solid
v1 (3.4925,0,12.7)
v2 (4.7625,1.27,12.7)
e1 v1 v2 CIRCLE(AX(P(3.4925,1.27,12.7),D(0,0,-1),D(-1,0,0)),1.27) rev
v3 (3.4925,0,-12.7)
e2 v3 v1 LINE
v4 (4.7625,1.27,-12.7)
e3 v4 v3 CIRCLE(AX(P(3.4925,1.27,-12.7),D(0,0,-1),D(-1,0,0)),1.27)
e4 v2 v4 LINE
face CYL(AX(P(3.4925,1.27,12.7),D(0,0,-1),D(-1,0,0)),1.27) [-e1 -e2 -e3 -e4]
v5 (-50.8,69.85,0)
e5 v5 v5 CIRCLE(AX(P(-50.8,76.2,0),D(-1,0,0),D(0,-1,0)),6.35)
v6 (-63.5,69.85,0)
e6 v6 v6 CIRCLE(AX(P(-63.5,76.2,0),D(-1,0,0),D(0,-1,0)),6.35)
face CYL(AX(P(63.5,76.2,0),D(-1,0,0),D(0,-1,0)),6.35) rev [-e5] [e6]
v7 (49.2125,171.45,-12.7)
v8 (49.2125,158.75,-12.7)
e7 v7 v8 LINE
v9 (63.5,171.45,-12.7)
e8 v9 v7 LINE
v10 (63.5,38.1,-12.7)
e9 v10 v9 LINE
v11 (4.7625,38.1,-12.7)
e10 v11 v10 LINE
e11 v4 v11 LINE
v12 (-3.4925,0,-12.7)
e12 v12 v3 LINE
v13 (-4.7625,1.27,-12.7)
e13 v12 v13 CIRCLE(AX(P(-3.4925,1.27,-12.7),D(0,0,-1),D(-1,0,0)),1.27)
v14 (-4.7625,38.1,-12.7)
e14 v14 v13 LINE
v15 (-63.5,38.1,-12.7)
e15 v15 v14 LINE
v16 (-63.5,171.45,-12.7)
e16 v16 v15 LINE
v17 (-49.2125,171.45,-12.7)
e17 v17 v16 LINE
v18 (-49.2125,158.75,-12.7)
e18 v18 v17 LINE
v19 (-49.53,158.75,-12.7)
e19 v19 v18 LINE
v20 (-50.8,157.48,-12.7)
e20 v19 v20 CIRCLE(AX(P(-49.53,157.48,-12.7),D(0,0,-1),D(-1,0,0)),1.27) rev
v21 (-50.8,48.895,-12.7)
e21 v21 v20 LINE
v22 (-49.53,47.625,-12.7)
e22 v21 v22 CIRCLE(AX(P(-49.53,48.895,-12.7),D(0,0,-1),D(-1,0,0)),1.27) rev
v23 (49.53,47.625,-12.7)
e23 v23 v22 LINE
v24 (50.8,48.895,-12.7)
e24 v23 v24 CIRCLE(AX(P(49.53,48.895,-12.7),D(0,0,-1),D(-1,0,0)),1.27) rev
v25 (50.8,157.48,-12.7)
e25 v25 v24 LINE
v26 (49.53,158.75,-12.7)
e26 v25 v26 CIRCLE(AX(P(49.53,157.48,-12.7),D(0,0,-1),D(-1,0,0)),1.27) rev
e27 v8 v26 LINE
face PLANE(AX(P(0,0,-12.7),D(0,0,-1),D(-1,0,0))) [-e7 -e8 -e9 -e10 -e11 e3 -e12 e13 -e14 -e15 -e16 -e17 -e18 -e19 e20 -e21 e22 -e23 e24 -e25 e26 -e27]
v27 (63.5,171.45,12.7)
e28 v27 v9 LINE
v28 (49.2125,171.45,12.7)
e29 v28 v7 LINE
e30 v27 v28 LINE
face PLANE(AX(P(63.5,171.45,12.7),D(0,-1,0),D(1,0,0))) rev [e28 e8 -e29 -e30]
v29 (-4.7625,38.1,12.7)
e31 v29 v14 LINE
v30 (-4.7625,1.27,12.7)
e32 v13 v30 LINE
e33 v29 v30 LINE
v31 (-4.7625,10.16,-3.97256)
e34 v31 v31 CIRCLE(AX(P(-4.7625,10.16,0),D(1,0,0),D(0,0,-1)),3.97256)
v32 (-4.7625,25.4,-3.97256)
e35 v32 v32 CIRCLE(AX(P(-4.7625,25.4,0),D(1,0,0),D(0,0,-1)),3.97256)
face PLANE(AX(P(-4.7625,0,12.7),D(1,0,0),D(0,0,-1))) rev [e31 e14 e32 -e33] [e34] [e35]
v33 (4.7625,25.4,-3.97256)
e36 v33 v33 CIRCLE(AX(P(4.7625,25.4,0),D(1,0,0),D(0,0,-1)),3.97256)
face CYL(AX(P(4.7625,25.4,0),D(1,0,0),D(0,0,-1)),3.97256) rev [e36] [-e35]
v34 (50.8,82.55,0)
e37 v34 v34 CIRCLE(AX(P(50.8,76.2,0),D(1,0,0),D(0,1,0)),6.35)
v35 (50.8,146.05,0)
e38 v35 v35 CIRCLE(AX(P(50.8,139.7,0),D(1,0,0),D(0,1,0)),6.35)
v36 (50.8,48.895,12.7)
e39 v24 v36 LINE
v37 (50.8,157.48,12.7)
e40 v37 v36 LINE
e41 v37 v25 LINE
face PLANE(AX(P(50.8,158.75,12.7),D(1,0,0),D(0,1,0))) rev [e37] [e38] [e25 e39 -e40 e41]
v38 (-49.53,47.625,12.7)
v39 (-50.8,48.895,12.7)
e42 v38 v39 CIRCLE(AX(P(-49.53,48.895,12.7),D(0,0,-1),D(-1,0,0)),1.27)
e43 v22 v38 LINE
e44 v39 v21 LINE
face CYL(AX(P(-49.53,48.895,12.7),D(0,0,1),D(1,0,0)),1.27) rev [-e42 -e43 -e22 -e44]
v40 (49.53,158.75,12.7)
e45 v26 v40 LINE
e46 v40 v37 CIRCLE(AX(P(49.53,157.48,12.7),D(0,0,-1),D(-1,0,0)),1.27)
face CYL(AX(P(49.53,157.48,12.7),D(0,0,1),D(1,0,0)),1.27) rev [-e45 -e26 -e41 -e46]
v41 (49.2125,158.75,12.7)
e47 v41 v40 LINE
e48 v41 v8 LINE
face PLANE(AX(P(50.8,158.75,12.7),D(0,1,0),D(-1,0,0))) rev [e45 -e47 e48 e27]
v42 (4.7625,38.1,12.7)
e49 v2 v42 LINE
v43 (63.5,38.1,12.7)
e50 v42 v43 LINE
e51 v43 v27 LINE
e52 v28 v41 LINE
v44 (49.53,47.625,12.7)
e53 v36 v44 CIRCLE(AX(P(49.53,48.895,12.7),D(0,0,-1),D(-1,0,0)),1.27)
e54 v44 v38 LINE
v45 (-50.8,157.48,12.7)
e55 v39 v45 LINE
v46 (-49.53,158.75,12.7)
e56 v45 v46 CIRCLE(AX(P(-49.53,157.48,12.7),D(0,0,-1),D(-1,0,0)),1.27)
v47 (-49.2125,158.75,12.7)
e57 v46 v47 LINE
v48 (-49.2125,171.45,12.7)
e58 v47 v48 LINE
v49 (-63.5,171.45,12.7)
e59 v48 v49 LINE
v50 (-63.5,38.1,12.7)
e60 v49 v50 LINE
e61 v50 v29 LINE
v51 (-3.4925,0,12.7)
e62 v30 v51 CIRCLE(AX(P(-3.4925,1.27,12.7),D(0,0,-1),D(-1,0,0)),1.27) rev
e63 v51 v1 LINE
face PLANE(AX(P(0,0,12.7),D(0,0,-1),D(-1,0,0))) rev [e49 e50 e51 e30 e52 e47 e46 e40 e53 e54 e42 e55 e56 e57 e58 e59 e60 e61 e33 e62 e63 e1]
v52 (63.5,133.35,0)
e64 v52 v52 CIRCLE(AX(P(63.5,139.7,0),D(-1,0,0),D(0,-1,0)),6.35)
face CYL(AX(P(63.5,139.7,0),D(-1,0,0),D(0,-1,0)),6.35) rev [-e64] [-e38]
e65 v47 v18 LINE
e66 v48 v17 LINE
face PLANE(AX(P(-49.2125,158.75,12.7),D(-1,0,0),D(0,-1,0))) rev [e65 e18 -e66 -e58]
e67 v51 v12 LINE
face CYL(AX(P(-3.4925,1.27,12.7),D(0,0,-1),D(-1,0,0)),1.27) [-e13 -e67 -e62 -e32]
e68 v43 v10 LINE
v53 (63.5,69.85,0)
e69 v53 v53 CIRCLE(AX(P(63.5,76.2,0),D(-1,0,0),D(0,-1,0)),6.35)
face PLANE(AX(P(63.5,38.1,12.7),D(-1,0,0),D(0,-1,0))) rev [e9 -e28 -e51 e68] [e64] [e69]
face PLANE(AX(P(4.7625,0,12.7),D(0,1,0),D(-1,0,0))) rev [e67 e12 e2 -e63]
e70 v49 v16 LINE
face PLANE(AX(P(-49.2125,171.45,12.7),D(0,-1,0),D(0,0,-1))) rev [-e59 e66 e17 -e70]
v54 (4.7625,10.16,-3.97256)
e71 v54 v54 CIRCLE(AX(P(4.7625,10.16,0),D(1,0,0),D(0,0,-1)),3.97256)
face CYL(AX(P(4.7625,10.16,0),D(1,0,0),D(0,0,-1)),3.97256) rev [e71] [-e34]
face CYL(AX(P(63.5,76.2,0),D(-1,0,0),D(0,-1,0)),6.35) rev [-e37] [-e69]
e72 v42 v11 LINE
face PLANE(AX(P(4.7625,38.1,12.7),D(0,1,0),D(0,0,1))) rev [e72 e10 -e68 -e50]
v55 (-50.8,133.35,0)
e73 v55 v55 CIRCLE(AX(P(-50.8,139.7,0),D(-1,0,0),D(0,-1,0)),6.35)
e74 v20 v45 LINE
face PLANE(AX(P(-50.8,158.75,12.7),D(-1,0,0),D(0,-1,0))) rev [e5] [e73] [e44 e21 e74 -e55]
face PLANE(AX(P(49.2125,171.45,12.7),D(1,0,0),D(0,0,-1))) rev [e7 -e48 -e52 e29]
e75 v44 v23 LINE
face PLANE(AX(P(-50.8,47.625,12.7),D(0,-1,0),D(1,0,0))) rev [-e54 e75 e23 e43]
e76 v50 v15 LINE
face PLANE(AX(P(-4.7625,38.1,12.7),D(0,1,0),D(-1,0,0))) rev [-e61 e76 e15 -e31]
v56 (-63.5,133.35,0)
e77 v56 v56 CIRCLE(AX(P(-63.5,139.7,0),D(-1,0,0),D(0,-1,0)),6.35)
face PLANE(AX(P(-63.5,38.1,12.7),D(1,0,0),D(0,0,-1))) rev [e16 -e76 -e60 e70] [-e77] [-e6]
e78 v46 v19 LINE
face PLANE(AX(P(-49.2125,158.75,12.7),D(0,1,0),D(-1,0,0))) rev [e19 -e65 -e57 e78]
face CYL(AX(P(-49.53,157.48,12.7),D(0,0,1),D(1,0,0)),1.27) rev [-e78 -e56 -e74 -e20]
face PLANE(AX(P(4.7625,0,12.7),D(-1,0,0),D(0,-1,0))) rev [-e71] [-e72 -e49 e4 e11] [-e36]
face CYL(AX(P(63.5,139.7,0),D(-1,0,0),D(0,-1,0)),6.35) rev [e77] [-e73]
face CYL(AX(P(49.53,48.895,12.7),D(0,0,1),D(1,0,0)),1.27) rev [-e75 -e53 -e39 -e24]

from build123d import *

# Parameters (mm, degrees)
BOSS_EXTRUDE1_DEPTH = 12.7
SKETCH2_R           = 6.35
CUT_EXTRUDE1_DEPTH  = 128
FILLET1_R           = 1.27
HOLE1_D             = 7.94512
HOLE1_DEPTH         = 68.2625
HOLE1_TIP           = 2.386954861


with BuildPart() as part:
    # Sketch1 → Boss-Extrude1 (new body, symmetric)
    with BuildSketch(Plane.XY):
        Polygon((4.7625, 0), (-4.7625, 0), (-4.7625, 38.1), (-63.5, 38.1), (-63.5, 171.45), (-49.2125, 171.45), (-49.2125, 158.75), (-50.8, 158.75), (-50.8, 47.625), (50.8, 47.625), (50.8, 158.75), (49.2125, 158.75), (49.2125, 171.45), (63.5, 171.45), (63.5, 38.1), (4.7625, 38.1), align=None)
    extrude(amount=BOSS_EXTRUDE1_DEPTH, both=True)

    # Sketch2 → Cut-Extrude1 (cut, through all)
    with BuildSketch(Plane.ZY.offset(63.5)):
        with Locations((0, 76.2)):
            Circle(SKETCH2_R)
        with Locations((0, 139.7)):
            Circle(SKETCH2_R)
    extrude(amount=-CUT_EXTRUDE1_DEPTH, mode=Mode.SUBTRACT)

    # Fillet1
    fillet1_edges = [part.edges().sort_by_distance(p)[0] for p in [
        (4.7625, 0, 0),
        (-4.7625, 0, 0),
        (-50.8, 158.75, 0),
        (-50.8, 47.625, 0),
        (50.8, 47.625, 0),
        (50.8, 158.75, 0),
    ]]
    fillet(fillet1_edges, radius=FILLET1_R)

    # Hole1
    with Locations(Plane(origin=(4.7625, 0, 0), x_dir=(0, 0, 1), z_dir=(1, 0, 0))):
        with Locations((0, -25.4), (0, -10.16)):
            Hole(HOLE1_D / 2, depth=HOLE1_DEPTH)
            with Locations((0, 0, -(HOLE1_DEPTH + HOLE1_TIP / 2))):  # 118° drill point
                Cone(0, HOLE1_D / 2, HOLE1_TIP, mode=Mode.SUBTRACT)


solid = part.part
